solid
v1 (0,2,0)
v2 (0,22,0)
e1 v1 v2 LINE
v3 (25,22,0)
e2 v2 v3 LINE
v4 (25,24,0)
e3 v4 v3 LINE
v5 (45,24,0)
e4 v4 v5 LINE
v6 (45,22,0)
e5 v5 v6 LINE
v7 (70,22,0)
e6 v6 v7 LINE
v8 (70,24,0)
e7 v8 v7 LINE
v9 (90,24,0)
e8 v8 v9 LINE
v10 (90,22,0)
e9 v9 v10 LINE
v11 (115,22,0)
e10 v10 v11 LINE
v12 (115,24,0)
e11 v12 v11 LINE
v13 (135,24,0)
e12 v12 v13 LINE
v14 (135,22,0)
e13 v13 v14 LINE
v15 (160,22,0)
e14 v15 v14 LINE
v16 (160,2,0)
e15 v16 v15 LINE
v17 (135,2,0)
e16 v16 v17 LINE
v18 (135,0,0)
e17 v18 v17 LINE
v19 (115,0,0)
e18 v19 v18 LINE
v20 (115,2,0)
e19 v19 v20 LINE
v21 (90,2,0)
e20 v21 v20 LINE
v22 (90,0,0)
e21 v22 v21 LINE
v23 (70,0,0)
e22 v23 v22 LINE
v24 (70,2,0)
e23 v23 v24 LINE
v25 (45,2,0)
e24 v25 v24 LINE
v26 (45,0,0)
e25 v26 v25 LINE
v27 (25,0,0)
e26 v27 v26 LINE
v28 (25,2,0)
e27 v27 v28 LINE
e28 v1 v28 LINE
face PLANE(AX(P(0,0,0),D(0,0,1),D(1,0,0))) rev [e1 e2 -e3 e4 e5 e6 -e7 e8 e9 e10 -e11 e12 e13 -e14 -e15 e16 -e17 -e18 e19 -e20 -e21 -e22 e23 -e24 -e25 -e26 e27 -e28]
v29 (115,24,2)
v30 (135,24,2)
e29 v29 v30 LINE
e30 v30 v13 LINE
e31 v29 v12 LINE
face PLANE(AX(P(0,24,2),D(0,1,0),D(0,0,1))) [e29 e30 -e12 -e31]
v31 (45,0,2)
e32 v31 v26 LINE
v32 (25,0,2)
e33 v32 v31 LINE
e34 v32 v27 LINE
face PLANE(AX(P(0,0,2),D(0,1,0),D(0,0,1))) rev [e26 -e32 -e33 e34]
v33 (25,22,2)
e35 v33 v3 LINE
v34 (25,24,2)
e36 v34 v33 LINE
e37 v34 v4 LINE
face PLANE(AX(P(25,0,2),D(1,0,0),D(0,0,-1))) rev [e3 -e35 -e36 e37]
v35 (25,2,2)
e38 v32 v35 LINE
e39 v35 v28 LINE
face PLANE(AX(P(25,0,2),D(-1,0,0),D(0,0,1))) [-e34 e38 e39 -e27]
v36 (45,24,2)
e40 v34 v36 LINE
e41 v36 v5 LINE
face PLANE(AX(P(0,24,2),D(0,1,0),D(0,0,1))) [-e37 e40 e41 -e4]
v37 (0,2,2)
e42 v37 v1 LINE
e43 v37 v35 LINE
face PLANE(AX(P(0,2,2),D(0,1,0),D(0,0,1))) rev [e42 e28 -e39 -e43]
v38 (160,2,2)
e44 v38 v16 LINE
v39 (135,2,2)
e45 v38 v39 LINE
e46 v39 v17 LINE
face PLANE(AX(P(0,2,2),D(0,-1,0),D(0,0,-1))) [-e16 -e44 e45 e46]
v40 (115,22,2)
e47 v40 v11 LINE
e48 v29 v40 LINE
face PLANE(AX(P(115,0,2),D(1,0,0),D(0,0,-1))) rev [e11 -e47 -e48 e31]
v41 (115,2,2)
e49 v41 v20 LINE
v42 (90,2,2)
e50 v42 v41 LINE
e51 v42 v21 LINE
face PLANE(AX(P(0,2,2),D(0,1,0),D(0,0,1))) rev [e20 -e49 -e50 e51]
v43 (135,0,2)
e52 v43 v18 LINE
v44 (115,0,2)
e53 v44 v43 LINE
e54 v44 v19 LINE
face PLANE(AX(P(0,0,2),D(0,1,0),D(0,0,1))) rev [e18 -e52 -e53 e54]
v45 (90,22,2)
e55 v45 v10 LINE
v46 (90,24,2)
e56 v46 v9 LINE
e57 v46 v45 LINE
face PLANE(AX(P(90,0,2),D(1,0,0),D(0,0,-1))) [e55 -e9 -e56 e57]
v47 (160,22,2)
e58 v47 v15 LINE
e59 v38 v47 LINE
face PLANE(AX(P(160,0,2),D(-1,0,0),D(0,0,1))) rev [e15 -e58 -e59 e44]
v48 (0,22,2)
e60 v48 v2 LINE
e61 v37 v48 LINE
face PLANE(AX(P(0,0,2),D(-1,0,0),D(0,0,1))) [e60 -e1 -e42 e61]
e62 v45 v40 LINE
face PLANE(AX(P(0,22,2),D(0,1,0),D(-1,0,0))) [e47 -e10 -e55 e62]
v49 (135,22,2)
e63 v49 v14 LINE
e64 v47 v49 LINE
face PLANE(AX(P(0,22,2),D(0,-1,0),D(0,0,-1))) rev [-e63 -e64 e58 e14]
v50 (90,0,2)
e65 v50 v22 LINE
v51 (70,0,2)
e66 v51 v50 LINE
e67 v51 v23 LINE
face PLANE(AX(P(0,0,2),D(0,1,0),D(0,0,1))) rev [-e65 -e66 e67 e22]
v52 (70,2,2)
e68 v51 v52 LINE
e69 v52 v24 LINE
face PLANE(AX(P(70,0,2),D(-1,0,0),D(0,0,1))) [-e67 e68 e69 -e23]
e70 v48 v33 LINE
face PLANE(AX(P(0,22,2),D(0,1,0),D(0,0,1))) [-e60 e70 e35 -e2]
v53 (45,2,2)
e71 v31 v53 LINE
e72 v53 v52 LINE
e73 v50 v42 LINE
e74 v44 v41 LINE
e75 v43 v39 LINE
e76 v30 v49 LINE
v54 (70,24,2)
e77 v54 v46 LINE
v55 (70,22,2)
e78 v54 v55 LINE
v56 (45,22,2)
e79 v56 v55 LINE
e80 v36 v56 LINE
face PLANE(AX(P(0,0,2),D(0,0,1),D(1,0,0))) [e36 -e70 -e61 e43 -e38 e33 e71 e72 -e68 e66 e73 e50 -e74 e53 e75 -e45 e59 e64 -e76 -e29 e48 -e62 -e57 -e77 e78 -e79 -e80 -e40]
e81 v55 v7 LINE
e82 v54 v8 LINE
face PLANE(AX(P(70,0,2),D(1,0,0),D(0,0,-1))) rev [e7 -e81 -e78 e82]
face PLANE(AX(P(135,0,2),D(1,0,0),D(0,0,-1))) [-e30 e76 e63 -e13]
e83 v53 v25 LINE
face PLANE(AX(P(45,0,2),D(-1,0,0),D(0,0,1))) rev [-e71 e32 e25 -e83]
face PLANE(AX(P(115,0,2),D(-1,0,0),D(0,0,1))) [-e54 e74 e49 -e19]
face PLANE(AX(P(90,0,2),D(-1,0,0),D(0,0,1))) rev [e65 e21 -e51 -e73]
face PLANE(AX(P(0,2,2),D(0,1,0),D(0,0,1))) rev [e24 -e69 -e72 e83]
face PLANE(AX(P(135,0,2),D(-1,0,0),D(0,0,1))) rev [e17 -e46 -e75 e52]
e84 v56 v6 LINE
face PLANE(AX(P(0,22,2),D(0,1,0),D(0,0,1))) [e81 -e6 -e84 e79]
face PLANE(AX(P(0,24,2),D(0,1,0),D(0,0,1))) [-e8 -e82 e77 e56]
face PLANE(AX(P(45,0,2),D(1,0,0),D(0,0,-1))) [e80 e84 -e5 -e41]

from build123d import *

# Parameters (mm, degrees)
EXTRUDE_1_DEPTH = 2


with BuildPart() as part:
    # Эскиз1 → Бобышка-Вытянуть1 (new body)
    with BuildSketch(Plane.XY):
        Polygon((25, 2), (25, 0), (45, 0), (45, 2), (70, 2), (70, 0), (90, 0), (90, 2), (115, 2), (115, 0), (135, 0), (135, 2), (160, 2), (160, 22), (135, 22), (135, 24), (115, 24), (115, 22), (90, 22), (90, 24), (70, 24), (70, 22), (45, 22), (45, 24), (25, 24), (25, 22), (0, 22), (0, 2), align=None)
    extrude(amount=EXTRUDE_1_DEPTH)


solid = part.part
